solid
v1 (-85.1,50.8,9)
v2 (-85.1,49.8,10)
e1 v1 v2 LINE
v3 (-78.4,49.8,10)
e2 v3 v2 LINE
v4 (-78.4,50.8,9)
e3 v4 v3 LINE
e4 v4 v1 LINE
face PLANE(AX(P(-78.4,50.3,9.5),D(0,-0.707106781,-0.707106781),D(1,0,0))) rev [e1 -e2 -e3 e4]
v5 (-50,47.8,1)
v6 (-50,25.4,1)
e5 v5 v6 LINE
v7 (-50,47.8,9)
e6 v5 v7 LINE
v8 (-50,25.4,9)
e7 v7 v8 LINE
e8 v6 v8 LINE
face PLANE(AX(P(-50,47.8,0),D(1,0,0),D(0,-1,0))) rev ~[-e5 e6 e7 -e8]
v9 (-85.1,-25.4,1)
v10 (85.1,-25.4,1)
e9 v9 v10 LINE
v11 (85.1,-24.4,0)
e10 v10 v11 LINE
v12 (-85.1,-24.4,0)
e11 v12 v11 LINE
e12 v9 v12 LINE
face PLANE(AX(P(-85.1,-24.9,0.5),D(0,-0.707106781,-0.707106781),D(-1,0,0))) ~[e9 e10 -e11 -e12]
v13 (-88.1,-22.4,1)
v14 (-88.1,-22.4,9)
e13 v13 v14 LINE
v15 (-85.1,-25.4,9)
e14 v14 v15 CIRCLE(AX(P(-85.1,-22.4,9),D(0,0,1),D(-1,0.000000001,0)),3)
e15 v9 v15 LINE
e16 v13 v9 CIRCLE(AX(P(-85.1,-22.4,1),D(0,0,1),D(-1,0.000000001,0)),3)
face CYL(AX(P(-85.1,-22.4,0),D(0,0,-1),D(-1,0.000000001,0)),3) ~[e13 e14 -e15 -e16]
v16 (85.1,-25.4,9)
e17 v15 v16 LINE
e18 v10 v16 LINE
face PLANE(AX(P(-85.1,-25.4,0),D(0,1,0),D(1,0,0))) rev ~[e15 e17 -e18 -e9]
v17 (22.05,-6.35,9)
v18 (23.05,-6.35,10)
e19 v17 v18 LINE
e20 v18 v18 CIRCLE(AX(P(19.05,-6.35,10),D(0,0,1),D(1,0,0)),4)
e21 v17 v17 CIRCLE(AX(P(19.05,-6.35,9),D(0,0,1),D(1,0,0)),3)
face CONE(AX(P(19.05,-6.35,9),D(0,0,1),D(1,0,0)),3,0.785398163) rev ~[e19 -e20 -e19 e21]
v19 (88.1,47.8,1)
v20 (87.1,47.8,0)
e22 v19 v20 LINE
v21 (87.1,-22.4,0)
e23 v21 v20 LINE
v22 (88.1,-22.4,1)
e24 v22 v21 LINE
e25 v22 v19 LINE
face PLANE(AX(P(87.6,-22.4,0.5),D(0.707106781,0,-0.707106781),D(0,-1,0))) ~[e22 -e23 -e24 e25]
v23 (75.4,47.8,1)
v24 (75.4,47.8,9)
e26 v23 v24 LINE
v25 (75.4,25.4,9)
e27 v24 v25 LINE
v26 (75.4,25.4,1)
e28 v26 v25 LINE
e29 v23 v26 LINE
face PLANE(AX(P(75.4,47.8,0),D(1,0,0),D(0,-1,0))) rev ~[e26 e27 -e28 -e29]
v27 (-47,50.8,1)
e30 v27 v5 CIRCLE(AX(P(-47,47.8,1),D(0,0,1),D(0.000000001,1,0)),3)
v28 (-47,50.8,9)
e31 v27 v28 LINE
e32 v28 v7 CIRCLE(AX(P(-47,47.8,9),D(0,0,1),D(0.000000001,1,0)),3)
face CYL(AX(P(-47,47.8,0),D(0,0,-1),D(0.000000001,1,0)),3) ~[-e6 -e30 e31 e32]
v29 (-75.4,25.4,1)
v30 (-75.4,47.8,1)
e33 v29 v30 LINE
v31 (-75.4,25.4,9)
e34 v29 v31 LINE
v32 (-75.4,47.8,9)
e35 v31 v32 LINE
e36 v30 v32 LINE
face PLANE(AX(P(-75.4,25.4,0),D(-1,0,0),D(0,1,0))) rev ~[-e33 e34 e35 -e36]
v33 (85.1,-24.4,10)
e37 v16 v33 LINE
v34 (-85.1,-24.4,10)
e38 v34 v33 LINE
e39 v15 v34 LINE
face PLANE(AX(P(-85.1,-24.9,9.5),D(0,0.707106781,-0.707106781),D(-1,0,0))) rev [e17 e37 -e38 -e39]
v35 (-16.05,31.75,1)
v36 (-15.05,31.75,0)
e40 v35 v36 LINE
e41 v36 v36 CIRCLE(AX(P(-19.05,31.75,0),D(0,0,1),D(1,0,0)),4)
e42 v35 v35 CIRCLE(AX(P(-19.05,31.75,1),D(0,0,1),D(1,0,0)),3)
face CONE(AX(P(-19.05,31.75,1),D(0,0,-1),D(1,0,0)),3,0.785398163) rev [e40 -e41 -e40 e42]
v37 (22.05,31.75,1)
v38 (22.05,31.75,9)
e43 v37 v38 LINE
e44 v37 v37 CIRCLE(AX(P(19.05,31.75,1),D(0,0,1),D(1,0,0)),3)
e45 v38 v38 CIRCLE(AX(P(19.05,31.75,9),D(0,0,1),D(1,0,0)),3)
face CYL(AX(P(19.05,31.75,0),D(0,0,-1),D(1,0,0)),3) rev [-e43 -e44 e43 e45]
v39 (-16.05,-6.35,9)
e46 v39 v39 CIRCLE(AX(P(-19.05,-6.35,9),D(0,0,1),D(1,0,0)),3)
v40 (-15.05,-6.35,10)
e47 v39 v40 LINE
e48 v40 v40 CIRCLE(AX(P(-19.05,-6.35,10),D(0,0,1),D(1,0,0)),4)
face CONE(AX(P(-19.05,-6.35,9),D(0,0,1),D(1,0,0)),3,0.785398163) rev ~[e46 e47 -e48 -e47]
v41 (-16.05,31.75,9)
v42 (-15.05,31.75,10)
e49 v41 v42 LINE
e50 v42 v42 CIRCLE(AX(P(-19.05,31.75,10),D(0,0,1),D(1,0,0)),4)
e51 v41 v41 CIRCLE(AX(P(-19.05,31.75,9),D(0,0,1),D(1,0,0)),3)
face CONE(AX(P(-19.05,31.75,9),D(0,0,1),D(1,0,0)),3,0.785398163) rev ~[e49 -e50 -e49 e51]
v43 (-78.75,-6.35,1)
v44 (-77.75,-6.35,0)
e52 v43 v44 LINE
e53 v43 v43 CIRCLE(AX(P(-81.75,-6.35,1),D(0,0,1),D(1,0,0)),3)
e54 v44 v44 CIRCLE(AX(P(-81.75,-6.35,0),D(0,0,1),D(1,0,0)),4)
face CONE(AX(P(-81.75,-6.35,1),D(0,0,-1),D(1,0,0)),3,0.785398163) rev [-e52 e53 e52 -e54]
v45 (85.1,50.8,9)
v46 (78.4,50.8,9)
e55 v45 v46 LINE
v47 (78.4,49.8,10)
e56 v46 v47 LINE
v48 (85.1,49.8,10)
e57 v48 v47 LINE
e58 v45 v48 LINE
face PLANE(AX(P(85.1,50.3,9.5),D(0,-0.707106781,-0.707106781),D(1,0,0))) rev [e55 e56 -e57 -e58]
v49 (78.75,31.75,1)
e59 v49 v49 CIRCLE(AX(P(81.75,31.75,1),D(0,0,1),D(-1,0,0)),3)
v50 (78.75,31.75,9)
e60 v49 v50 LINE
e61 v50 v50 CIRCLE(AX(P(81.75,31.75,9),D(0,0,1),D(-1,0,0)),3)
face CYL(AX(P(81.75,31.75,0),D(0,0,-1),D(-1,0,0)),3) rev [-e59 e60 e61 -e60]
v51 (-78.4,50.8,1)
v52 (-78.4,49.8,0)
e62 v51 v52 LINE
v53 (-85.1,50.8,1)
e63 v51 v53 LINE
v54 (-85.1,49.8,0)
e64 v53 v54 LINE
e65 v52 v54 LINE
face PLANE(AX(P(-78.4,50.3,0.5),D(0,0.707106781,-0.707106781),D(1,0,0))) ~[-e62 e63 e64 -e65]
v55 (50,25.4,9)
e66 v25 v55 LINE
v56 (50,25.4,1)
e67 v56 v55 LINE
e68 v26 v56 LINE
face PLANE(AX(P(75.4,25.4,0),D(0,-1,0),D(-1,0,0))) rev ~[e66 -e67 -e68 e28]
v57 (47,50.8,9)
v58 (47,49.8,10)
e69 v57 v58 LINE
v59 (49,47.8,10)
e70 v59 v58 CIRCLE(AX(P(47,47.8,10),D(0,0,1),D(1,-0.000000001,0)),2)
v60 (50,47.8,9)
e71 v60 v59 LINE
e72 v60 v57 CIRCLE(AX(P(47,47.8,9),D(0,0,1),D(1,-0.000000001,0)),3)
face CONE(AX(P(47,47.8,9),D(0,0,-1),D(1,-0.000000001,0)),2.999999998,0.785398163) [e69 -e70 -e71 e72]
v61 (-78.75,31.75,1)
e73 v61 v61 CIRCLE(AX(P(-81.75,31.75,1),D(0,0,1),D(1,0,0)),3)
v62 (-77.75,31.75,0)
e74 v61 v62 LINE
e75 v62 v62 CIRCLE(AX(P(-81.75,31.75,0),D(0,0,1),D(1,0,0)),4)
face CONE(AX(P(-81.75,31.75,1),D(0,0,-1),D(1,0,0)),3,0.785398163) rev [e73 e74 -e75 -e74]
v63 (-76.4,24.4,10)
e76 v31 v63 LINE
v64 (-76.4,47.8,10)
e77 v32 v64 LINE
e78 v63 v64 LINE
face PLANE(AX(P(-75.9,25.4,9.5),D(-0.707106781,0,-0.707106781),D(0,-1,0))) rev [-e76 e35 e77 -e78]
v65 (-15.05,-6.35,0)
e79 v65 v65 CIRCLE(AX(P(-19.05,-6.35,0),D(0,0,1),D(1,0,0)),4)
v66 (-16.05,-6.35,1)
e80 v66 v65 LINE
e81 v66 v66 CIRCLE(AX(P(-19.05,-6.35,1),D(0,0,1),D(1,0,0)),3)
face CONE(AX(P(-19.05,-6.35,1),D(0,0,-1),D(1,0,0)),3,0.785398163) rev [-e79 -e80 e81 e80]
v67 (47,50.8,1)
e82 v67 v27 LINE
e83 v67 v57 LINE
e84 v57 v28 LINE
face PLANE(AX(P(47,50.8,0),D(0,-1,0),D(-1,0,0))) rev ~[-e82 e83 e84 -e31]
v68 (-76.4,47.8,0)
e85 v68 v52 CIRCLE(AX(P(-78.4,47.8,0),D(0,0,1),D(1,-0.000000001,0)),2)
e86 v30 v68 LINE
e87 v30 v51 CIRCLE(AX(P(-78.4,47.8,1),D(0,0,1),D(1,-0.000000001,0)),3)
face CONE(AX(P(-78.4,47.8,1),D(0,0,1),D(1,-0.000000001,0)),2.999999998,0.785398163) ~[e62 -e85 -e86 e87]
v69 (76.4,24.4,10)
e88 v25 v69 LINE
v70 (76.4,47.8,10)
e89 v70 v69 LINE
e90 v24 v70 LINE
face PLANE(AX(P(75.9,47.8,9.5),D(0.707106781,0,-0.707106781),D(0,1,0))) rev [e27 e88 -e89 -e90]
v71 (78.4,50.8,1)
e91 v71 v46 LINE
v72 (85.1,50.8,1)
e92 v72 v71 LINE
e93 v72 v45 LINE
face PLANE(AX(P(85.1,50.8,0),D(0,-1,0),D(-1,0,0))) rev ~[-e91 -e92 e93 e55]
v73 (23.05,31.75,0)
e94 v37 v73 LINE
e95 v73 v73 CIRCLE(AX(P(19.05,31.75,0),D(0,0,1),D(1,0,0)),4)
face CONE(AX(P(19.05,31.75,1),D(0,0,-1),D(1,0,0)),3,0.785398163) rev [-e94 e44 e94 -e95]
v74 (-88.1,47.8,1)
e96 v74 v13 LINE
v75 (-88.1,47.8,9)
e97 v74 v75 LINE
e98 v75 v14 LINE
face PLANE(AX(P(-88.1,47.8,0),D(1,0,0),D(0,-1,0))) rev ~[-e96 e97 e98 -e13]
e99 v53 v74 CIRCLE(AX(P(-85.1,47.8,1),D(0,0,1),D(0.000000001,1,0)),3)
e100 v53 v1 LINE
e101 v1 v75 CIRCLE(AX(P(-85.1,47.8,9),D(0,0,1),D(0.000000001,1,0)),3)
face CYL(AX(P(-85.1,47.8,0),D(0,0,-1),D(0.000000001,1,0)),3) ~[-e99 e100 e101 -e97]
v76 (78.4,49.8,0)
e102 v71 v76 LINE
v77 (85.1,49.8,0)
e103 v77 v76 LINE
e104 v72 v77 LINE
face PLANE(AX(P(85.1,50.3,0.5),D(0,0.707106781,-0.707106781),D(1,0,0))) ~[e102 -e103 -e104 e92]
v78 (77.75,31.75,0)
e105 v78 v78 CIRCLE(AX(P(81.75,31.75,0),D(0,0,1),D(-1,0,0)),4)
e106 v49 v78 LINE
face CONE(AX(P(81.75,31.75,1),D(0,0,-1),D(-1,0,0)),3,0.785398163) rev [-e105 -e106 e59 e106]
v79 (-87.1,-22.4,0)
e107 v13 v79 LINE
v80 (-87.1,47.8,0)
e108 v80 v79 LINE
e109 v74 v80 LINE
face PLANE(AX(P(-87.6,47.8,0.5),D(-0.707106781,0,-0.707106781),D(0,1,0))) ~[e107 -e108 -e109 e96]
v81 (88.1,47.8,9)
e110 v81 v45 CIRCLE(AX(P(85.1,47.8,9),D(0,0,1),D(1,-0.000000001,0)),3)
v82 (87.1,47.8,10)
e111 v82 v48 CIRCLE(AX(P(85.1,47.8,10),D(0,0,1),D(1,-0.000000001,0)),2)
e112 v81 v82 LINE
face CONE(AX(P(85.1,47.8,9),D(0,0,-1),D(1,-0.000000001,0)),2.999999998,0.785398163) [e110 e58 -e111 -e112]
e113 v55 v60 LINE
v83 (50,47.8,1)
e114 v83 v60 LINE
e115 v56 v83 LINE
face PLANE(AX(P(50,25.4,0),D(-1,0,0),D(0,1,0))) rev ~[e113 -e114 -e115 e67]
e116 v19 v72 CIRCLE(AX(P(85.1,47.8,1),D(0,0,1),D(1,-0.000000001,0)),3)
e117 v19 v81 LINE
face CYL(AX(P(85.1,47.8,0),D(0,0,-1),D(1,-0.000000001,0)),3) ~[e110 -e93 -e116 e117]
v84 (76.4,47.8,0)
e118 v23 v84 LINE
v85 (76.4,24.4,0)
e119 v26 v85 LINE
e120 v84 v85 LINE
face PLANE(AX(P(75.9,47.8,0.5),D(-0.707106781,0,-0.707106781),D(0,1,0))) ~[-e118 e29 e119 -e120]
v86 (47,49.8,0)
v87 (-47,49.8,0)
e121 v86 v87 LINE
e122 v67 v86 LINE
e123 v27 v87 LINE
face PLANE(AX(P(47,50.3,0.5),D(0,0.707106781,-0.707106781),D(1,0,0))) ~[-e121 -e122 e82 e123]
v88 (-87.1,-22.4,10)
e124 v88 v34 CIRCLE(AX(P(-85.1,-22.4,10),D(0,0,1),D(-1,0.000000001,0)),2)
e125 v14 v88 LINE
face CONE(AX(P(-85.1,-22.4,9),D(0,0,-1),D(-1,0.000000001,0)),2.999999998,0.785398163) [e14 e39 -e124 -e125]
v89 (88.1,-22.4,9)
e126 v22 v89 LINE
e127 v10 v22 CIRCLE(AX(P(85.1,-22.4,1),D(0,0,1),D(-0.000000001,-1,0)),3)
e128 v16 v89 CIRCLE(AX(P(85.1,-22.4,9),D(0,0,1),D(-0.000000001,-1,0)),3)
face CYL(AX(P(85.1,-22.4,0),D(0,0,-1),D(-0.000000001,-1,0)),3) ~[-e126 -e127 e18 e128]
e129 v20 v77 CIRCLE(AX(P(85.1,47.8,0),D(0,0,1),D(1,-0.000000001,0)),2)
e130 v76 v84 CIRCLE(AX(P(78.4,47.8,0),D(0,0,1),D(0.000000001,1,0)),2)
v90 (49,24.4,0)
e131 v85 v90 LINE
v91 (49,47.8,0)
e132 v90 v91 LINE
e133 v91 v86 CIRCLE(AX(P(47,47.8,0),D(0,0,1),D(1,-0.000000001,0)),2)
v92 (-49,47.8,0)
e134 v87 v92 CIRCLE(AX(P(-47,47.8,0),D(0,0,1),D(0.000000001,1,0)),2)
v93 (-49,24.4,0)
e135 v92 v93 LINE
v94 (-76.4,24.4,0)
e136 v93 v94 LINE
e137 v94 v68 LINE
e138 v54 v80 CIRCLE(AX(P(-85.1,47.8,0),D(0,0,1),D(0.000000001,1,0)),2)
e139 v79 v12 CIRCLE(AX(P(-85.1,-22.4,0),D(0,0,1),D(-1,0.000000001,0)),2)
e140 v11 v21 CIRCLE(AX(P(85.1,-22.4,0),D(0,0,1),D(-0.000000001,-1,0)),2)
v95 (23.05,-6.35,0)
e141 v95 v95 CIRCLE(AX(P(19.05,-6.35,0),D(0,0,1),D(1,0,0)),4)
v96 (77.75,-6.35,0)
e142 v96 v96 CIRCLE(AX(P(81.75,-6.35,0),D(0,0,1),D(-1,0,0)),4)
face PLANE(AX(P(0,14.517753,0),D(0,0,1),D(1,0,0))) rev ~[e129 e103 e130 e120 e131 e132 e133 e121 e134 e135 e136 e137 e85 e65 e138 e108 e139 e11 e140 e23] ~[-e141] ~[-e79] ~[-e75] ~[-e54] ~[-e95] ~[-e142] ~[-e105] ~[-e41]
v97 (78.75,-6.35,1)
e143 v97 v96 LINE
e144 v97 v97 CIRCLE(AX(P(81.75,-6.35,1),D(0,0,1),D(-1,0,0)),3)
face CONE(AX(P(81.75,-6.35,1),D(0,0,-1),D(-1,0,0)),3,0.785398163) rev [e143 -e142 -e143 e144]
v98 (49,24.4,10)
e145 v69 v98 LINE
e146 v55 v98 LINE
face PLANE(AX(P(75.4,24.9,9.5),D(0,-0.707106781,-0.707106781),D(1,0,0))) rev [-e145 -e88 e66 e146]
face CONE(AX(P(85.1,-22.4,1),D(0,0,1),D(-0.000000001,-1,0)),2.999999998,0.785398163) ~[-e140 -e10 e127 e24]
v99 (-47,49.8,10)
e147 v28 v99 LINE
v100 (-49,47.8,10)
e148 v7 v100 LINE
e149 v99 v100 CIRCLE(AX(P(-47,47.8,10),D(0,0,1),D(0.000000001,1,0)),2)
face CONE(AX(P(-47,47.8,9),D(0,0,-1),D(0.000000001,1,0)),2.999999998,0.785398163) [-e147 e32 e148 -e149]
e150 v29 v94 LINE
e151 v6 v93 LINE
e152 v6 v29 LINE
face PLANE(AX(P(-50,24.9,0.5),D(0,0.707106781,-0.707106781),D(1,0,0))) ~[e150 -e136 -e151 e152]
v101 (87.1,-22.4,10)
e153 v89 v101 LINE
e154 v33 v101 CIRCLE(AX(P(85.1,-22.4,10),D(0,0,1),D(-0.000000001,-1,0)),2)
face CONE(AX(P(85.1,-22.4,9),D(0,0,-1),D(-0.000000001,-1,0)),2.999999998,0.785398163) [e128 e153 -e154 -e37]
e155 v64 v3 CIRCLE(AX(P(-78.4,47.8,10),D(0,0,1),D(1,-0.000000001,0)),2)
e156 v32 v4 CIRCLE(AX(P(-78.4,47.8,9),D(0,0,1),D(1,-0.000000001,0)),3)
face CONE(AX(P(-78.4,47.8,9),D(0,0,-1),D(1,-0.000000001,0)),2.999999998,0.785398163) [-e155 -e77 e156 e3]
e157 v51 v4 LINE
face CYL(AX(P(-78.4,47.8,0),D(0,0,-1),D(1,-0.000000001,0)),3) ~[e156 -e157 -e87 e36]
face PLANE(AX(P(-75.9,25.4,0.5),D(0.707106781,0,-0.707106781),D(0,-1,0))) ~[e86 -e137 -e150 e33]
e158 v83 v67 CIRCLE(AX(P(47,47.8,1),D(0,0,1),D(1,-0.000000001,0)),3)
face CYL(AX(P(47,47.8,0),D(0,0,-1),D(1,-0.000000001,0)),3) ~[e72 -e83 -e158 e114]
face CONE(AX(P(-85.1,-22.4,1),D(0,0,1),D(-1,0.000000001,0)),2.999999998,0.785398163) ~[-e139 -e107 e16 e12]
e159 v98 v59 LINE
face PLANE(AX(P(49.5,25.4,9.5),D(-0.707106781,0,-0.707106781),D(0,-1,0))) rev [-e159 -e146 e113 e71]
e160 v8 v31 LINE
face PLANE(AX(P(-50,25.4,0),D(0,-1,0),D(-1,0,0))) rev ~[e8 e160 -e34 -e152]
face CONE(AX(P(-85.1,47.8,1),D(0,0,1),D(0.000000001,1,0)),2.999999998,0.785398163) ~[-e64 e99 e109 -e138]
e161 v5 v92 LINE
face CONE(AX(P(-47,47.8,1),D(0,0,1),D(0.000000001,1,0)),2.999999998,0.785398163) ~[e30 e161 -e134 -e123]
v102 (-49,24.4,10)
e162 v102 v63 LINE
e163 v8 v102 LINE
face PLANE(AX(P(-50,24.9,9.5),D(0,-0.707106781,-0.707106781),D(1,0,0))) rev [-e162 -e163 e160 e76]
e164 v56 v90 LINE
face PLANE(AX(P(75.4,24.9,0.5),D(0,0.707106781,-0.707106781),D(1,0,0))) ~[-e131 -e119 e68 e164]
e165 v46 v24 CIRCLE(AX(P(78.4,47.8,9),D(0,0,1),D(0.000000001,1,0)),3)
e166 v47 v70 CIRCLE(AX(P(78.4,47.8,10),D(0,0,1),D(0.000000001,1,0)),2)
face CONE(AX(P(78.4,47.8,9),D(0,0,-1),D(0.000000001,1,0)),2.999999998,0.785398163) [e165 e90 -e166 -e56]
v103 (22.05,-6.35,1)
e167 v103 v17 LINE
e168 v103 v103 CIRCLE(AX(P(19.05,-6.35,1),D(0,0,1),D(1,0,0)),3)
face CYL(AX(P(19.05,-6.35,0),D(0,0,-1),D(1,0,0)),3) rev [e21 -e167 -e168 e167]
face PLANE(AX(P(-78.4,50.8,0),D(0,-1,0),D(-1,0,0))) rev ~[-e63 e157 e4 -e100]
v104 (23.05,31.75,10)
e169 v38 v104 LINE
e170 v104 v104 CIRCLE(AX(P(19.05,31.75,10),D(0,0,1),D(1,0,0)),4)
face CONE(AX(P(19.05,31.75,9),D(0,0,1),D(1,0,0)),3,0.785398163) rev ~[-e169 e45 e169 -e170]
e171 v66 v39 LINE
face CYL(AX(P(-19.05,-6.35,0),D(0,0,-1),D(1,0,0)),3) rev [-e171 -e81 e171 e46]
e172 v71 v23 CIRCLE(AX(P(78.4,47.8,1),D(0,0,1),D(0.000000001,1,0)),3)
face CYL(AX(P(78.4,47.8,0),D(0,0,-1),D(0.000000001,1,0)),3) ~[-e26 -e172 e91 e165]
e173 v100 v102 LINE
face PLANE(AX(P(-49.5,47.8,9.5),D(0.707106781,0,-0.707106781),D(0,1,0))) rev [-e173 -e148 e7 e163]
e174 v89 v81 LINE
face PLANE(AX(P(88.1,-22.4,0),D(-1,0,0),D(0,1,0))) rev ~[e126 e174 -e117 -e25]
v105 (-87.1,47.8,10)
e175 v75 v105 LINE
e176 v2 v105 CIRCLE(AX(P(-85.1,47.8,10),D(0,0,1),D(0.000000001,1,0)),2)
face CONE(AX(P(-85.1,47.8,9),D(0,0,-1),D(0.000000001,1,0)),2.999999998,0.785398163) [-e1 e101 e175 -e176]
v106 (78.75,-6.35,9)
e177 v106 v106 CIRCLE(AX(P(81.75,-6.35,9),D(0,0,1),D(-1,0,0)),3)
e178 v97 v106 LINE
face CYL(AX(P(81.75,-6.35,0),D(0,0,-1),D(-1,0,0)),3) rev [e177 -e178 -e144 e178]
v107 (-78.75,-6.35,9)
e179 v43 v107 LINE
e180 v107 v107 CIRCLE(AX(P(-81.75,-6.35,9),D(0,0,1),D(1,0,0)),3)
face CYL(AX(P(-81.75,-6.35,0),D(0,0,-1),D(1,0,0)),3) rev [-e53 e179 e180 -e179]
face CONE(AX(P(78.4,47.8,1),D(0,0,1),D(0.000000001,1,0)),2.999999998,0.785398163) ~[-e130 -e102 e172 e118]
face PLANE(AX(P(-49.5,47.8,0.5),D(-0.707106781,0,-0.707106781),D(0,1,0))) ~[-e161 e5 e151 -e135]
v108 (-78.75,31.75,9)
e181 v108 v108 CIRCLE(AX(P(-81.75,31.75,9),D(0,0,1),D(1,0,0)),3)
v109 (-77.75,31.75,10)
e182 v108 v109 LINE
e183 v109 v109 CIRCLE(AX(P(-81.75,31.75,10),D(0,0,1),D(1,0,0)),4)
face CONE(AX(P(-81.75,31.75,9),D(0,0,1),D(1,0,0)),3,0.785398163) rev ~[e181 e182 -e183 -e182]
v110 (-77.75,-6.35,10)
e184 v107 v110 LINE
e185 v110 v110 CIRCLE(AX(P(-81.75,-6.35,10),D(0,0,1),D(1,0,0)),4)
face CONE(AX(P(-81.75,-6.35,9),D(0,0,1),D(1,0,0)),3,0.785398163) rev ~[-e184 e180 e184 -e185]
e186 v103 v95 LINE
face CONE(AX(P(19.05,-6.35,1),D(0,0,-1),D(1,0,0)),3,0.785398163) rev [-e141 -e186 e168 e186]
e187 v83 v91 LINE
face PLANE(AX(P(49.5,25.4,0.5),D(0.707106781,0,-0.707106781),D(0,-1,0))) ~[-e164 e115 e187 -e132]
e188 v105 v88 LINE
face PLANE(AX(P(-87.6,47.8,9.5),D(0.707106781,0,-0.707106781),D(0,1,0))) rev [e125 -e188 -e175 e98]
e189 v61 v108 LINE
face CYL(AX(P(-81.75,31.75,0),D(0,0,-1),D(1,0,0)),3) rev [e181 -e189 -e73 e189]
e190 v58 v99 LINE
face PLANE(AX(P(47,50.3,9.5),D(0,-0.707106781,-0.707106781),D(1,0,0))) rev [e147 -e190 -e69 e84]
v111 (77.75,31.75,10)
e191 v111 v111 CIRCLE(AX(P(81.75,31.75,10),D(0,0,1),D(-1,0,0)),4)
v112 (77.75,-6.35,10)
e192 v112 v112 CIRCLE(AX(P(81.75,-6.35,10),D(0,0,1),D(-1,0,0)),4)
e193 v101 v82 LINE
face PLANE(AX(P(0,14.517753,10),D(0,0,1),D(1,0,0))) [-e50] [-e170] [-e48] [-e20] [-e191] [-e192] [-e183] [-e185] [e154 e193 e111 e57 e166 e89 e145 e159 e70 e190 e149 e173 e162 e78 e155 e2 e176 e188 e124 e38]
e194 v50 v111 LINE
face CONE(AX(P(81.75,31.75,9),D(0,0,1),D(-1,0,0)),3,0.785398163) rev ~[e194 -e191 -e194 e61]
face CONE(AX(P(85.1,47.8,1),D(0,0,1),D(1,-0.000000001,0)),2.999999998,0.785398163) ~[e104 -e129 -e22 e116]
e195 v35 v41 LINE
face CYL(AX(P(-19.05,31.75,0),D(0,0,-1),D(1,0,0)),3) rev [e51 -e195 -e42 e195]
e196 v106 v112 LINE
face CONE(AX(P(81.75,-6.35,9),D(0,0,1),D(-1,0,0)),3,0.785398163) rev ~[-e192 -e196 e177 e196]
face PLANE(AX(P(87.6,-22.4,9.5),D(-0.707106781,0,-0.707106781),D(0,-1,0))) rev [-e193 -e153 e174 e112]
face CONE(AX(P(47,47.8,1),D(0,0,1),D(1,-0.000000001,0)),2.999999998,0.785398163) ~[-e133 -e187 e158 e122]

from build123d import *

# Parameters (mm, degrees)
SKETCH1_R           = 3
BOSS_EXTRUDE1_DEPTH = 10
CHAMFER1_SIZE       = 1


with BuildPart() as part:
    # Sketch1 → Boss-Extrude1 (new body)
    with BuildSketch(Plane.XY):
        with BuildLine():
            Line((75.4, 25.4), (50, 25.4))
            Line((50, 25.4), (50, 47.8))
            ThreePointArc((50, 47.8), (49.121320344, 49.921320344), (47, 50.8))
            Line((47, 50.8), (-47, 50.8))
            ThreePointArc((-47, 50.8), (-49.121320344, 49.921320344), (-50, 47.8))
            Line((-50, 47.8), (-50, 25.4))
            Line((-50, 25.4), (-75.4, 25.4))
            Line((-75.4, 25.4), (-75.4, 47.8))
            ThreePointArc((-75.4, 47.8), (-76.278679656, 49.921320344), (-78.4, 50.8))
            Line((-78.4, 50.8), (-85.1, 50.8))
            ThreePointArc((-85.1, 50.8), (-87.221320344, 49.921320344), (-88.1, 47.8))
            Line((-88.1, 47.8), (-88.1, -22.4))
            ThreePointArc((-88.1, -22.4), (-87.221320344, -24.521320344), (-85.1, -25.4))
            Line((-85.1, -25.4), (85.1, -25.4))
            ThreePointArc((85.1, -25.4), (87.221320344, -24.521320344), (88.1, -22.4))
            Line((88.1, -22.4), (88.1, 47.8))
            ThreePointArc((88.1, 47.8), (87.221320344, 49.921320344), (85.1, 50.8))
            Line((85.1, 50.8), (78.4, 50.8))
            ThreePointArc((78.4, 50.8), (76.278679656, 49.921320344), (75.4, 47.8))
            Line((75.4, 47.8), (75.4, 25.4))
        make_face()
        with Locations((-19.05, 31.75)):
            Circle(SKETCH1_R, mode=Mode.SUBTRACT)
        with Locations((19.05, 31.75)):
            Circle(SKETCH1_R, mode=Mode.SUBTRACT)
        with Locations((19.05, -6.35)):
            Circle(SKETCH1_R, mode=Mode.SUBTRACT)
        with Locations((-19.05, -6.35)):
            Circle(SKETCH1_R, mode=Mode.SUBTRACT)
        with Locations((-81.75, 31.75)):
            Circle(SKETCH1_R, mode=Mode.SUBTRACT)
        with Locations((-81.75, -6.35)):
            Circle(SKETCH1_R, mode=Mode.SUBTRACT)
        with Locations(Location((81.75, -6.35, 0), (0, 0, 180))):
            Circle(SKETCH1_R, mode=Mode.SUBTRACT)
        with Locations(Location((81.75, 31.75, 0), (0, 0, 180))):
            Circle(SKETCH1_R, mode=Mode.SUBTRACT)
    extrude(amount=BOSS_EXTRUDE1_DEPTH)

    # Chamfer1
    chamfer1_edges = [part.edges().sort_by_distance(p)[0] for p in [
        (-81.75, 50.8, 10),
        (-87.221320344, 49.921320344, 10),
        (-62.7, 25.4, 0),
        (-50, 36.6, 0),
        (-49.121320344, 49.921320344, 0),
        (0, 50.8, 0),
        (-88.1, 12.7, 10),
        (49.121320344, 49.921320344, 0),
        (50, 36.6, 0),
        (62.7, 25.4, 0),
        (75.4, 36.6, 0),
        (76.278679656, 49.921320344, 0),
        (81.75, 50.8, 0),
        (87.221320344, 49.921320344, 0),
        (88.1, 12.7, 0),
        (87.221320344, -24.521320344, 0),
        (0, -25.4, 0),
        (-87.221320344, -24.521320344, 10),
        (-87.221320344, -24.521320344, 0),
        (-88.1, 12.7, 0),
        (-87.221320344, 49.921320344, 0),
        (-81.75, 50.8, 0),
        (-76.278679656, 49.921320344, 0),
        (-75.4, 36.6, 0),
        (0, -25.4, 10),
        (87.221320344, -24.521320344, 10),
        (88.1, 12.7, 10),
        (87.221320344, 49.921320344, 10),
        (81.75, 50.8, 10),
        (76.278679656, 49.921320344, 10),
        (-22.05, 31.75, 0),
        (-22.05, 31.75, 10),
        (-75.4, 36.6, 10),
        (75.4, 36.6, 10),
        (-84.75, 31.75, 0),
        (-84.75, 31.75, 10),
        (16.05, 31.75, 0),
        (62.7, 25.4, 10),
        (16.05, 31.75, 10),
        (16.05, -6.35, 0),
        (50, 36.6, 10),
        (16.05, -6.35, 10),
        (-22.05, -6.35, 0),
        (-22.05, -6.35, 10),
        (49.121320344, 49.921320344, 10),
        (-84.75, -6.35, 0),
        (-84.75, -6.35, 10),
        (0, 50.8, 10),
        (84.75, -6.35, 0),
        (84.75, -6.35, 10),
        (-49.121320344, 49.921320344, 10),
        (84.75, 31.75, 0),
        (84.75, 31.75, 10),
        (-50, 36.6, 10),
        (-62.7, 25.4, 10),
        (-76.278679656, 49.921320344, 10),
    ]]
    chamfer(chamfer1_edges, length=CHAMFER1_SIZE)


solid = part.part
